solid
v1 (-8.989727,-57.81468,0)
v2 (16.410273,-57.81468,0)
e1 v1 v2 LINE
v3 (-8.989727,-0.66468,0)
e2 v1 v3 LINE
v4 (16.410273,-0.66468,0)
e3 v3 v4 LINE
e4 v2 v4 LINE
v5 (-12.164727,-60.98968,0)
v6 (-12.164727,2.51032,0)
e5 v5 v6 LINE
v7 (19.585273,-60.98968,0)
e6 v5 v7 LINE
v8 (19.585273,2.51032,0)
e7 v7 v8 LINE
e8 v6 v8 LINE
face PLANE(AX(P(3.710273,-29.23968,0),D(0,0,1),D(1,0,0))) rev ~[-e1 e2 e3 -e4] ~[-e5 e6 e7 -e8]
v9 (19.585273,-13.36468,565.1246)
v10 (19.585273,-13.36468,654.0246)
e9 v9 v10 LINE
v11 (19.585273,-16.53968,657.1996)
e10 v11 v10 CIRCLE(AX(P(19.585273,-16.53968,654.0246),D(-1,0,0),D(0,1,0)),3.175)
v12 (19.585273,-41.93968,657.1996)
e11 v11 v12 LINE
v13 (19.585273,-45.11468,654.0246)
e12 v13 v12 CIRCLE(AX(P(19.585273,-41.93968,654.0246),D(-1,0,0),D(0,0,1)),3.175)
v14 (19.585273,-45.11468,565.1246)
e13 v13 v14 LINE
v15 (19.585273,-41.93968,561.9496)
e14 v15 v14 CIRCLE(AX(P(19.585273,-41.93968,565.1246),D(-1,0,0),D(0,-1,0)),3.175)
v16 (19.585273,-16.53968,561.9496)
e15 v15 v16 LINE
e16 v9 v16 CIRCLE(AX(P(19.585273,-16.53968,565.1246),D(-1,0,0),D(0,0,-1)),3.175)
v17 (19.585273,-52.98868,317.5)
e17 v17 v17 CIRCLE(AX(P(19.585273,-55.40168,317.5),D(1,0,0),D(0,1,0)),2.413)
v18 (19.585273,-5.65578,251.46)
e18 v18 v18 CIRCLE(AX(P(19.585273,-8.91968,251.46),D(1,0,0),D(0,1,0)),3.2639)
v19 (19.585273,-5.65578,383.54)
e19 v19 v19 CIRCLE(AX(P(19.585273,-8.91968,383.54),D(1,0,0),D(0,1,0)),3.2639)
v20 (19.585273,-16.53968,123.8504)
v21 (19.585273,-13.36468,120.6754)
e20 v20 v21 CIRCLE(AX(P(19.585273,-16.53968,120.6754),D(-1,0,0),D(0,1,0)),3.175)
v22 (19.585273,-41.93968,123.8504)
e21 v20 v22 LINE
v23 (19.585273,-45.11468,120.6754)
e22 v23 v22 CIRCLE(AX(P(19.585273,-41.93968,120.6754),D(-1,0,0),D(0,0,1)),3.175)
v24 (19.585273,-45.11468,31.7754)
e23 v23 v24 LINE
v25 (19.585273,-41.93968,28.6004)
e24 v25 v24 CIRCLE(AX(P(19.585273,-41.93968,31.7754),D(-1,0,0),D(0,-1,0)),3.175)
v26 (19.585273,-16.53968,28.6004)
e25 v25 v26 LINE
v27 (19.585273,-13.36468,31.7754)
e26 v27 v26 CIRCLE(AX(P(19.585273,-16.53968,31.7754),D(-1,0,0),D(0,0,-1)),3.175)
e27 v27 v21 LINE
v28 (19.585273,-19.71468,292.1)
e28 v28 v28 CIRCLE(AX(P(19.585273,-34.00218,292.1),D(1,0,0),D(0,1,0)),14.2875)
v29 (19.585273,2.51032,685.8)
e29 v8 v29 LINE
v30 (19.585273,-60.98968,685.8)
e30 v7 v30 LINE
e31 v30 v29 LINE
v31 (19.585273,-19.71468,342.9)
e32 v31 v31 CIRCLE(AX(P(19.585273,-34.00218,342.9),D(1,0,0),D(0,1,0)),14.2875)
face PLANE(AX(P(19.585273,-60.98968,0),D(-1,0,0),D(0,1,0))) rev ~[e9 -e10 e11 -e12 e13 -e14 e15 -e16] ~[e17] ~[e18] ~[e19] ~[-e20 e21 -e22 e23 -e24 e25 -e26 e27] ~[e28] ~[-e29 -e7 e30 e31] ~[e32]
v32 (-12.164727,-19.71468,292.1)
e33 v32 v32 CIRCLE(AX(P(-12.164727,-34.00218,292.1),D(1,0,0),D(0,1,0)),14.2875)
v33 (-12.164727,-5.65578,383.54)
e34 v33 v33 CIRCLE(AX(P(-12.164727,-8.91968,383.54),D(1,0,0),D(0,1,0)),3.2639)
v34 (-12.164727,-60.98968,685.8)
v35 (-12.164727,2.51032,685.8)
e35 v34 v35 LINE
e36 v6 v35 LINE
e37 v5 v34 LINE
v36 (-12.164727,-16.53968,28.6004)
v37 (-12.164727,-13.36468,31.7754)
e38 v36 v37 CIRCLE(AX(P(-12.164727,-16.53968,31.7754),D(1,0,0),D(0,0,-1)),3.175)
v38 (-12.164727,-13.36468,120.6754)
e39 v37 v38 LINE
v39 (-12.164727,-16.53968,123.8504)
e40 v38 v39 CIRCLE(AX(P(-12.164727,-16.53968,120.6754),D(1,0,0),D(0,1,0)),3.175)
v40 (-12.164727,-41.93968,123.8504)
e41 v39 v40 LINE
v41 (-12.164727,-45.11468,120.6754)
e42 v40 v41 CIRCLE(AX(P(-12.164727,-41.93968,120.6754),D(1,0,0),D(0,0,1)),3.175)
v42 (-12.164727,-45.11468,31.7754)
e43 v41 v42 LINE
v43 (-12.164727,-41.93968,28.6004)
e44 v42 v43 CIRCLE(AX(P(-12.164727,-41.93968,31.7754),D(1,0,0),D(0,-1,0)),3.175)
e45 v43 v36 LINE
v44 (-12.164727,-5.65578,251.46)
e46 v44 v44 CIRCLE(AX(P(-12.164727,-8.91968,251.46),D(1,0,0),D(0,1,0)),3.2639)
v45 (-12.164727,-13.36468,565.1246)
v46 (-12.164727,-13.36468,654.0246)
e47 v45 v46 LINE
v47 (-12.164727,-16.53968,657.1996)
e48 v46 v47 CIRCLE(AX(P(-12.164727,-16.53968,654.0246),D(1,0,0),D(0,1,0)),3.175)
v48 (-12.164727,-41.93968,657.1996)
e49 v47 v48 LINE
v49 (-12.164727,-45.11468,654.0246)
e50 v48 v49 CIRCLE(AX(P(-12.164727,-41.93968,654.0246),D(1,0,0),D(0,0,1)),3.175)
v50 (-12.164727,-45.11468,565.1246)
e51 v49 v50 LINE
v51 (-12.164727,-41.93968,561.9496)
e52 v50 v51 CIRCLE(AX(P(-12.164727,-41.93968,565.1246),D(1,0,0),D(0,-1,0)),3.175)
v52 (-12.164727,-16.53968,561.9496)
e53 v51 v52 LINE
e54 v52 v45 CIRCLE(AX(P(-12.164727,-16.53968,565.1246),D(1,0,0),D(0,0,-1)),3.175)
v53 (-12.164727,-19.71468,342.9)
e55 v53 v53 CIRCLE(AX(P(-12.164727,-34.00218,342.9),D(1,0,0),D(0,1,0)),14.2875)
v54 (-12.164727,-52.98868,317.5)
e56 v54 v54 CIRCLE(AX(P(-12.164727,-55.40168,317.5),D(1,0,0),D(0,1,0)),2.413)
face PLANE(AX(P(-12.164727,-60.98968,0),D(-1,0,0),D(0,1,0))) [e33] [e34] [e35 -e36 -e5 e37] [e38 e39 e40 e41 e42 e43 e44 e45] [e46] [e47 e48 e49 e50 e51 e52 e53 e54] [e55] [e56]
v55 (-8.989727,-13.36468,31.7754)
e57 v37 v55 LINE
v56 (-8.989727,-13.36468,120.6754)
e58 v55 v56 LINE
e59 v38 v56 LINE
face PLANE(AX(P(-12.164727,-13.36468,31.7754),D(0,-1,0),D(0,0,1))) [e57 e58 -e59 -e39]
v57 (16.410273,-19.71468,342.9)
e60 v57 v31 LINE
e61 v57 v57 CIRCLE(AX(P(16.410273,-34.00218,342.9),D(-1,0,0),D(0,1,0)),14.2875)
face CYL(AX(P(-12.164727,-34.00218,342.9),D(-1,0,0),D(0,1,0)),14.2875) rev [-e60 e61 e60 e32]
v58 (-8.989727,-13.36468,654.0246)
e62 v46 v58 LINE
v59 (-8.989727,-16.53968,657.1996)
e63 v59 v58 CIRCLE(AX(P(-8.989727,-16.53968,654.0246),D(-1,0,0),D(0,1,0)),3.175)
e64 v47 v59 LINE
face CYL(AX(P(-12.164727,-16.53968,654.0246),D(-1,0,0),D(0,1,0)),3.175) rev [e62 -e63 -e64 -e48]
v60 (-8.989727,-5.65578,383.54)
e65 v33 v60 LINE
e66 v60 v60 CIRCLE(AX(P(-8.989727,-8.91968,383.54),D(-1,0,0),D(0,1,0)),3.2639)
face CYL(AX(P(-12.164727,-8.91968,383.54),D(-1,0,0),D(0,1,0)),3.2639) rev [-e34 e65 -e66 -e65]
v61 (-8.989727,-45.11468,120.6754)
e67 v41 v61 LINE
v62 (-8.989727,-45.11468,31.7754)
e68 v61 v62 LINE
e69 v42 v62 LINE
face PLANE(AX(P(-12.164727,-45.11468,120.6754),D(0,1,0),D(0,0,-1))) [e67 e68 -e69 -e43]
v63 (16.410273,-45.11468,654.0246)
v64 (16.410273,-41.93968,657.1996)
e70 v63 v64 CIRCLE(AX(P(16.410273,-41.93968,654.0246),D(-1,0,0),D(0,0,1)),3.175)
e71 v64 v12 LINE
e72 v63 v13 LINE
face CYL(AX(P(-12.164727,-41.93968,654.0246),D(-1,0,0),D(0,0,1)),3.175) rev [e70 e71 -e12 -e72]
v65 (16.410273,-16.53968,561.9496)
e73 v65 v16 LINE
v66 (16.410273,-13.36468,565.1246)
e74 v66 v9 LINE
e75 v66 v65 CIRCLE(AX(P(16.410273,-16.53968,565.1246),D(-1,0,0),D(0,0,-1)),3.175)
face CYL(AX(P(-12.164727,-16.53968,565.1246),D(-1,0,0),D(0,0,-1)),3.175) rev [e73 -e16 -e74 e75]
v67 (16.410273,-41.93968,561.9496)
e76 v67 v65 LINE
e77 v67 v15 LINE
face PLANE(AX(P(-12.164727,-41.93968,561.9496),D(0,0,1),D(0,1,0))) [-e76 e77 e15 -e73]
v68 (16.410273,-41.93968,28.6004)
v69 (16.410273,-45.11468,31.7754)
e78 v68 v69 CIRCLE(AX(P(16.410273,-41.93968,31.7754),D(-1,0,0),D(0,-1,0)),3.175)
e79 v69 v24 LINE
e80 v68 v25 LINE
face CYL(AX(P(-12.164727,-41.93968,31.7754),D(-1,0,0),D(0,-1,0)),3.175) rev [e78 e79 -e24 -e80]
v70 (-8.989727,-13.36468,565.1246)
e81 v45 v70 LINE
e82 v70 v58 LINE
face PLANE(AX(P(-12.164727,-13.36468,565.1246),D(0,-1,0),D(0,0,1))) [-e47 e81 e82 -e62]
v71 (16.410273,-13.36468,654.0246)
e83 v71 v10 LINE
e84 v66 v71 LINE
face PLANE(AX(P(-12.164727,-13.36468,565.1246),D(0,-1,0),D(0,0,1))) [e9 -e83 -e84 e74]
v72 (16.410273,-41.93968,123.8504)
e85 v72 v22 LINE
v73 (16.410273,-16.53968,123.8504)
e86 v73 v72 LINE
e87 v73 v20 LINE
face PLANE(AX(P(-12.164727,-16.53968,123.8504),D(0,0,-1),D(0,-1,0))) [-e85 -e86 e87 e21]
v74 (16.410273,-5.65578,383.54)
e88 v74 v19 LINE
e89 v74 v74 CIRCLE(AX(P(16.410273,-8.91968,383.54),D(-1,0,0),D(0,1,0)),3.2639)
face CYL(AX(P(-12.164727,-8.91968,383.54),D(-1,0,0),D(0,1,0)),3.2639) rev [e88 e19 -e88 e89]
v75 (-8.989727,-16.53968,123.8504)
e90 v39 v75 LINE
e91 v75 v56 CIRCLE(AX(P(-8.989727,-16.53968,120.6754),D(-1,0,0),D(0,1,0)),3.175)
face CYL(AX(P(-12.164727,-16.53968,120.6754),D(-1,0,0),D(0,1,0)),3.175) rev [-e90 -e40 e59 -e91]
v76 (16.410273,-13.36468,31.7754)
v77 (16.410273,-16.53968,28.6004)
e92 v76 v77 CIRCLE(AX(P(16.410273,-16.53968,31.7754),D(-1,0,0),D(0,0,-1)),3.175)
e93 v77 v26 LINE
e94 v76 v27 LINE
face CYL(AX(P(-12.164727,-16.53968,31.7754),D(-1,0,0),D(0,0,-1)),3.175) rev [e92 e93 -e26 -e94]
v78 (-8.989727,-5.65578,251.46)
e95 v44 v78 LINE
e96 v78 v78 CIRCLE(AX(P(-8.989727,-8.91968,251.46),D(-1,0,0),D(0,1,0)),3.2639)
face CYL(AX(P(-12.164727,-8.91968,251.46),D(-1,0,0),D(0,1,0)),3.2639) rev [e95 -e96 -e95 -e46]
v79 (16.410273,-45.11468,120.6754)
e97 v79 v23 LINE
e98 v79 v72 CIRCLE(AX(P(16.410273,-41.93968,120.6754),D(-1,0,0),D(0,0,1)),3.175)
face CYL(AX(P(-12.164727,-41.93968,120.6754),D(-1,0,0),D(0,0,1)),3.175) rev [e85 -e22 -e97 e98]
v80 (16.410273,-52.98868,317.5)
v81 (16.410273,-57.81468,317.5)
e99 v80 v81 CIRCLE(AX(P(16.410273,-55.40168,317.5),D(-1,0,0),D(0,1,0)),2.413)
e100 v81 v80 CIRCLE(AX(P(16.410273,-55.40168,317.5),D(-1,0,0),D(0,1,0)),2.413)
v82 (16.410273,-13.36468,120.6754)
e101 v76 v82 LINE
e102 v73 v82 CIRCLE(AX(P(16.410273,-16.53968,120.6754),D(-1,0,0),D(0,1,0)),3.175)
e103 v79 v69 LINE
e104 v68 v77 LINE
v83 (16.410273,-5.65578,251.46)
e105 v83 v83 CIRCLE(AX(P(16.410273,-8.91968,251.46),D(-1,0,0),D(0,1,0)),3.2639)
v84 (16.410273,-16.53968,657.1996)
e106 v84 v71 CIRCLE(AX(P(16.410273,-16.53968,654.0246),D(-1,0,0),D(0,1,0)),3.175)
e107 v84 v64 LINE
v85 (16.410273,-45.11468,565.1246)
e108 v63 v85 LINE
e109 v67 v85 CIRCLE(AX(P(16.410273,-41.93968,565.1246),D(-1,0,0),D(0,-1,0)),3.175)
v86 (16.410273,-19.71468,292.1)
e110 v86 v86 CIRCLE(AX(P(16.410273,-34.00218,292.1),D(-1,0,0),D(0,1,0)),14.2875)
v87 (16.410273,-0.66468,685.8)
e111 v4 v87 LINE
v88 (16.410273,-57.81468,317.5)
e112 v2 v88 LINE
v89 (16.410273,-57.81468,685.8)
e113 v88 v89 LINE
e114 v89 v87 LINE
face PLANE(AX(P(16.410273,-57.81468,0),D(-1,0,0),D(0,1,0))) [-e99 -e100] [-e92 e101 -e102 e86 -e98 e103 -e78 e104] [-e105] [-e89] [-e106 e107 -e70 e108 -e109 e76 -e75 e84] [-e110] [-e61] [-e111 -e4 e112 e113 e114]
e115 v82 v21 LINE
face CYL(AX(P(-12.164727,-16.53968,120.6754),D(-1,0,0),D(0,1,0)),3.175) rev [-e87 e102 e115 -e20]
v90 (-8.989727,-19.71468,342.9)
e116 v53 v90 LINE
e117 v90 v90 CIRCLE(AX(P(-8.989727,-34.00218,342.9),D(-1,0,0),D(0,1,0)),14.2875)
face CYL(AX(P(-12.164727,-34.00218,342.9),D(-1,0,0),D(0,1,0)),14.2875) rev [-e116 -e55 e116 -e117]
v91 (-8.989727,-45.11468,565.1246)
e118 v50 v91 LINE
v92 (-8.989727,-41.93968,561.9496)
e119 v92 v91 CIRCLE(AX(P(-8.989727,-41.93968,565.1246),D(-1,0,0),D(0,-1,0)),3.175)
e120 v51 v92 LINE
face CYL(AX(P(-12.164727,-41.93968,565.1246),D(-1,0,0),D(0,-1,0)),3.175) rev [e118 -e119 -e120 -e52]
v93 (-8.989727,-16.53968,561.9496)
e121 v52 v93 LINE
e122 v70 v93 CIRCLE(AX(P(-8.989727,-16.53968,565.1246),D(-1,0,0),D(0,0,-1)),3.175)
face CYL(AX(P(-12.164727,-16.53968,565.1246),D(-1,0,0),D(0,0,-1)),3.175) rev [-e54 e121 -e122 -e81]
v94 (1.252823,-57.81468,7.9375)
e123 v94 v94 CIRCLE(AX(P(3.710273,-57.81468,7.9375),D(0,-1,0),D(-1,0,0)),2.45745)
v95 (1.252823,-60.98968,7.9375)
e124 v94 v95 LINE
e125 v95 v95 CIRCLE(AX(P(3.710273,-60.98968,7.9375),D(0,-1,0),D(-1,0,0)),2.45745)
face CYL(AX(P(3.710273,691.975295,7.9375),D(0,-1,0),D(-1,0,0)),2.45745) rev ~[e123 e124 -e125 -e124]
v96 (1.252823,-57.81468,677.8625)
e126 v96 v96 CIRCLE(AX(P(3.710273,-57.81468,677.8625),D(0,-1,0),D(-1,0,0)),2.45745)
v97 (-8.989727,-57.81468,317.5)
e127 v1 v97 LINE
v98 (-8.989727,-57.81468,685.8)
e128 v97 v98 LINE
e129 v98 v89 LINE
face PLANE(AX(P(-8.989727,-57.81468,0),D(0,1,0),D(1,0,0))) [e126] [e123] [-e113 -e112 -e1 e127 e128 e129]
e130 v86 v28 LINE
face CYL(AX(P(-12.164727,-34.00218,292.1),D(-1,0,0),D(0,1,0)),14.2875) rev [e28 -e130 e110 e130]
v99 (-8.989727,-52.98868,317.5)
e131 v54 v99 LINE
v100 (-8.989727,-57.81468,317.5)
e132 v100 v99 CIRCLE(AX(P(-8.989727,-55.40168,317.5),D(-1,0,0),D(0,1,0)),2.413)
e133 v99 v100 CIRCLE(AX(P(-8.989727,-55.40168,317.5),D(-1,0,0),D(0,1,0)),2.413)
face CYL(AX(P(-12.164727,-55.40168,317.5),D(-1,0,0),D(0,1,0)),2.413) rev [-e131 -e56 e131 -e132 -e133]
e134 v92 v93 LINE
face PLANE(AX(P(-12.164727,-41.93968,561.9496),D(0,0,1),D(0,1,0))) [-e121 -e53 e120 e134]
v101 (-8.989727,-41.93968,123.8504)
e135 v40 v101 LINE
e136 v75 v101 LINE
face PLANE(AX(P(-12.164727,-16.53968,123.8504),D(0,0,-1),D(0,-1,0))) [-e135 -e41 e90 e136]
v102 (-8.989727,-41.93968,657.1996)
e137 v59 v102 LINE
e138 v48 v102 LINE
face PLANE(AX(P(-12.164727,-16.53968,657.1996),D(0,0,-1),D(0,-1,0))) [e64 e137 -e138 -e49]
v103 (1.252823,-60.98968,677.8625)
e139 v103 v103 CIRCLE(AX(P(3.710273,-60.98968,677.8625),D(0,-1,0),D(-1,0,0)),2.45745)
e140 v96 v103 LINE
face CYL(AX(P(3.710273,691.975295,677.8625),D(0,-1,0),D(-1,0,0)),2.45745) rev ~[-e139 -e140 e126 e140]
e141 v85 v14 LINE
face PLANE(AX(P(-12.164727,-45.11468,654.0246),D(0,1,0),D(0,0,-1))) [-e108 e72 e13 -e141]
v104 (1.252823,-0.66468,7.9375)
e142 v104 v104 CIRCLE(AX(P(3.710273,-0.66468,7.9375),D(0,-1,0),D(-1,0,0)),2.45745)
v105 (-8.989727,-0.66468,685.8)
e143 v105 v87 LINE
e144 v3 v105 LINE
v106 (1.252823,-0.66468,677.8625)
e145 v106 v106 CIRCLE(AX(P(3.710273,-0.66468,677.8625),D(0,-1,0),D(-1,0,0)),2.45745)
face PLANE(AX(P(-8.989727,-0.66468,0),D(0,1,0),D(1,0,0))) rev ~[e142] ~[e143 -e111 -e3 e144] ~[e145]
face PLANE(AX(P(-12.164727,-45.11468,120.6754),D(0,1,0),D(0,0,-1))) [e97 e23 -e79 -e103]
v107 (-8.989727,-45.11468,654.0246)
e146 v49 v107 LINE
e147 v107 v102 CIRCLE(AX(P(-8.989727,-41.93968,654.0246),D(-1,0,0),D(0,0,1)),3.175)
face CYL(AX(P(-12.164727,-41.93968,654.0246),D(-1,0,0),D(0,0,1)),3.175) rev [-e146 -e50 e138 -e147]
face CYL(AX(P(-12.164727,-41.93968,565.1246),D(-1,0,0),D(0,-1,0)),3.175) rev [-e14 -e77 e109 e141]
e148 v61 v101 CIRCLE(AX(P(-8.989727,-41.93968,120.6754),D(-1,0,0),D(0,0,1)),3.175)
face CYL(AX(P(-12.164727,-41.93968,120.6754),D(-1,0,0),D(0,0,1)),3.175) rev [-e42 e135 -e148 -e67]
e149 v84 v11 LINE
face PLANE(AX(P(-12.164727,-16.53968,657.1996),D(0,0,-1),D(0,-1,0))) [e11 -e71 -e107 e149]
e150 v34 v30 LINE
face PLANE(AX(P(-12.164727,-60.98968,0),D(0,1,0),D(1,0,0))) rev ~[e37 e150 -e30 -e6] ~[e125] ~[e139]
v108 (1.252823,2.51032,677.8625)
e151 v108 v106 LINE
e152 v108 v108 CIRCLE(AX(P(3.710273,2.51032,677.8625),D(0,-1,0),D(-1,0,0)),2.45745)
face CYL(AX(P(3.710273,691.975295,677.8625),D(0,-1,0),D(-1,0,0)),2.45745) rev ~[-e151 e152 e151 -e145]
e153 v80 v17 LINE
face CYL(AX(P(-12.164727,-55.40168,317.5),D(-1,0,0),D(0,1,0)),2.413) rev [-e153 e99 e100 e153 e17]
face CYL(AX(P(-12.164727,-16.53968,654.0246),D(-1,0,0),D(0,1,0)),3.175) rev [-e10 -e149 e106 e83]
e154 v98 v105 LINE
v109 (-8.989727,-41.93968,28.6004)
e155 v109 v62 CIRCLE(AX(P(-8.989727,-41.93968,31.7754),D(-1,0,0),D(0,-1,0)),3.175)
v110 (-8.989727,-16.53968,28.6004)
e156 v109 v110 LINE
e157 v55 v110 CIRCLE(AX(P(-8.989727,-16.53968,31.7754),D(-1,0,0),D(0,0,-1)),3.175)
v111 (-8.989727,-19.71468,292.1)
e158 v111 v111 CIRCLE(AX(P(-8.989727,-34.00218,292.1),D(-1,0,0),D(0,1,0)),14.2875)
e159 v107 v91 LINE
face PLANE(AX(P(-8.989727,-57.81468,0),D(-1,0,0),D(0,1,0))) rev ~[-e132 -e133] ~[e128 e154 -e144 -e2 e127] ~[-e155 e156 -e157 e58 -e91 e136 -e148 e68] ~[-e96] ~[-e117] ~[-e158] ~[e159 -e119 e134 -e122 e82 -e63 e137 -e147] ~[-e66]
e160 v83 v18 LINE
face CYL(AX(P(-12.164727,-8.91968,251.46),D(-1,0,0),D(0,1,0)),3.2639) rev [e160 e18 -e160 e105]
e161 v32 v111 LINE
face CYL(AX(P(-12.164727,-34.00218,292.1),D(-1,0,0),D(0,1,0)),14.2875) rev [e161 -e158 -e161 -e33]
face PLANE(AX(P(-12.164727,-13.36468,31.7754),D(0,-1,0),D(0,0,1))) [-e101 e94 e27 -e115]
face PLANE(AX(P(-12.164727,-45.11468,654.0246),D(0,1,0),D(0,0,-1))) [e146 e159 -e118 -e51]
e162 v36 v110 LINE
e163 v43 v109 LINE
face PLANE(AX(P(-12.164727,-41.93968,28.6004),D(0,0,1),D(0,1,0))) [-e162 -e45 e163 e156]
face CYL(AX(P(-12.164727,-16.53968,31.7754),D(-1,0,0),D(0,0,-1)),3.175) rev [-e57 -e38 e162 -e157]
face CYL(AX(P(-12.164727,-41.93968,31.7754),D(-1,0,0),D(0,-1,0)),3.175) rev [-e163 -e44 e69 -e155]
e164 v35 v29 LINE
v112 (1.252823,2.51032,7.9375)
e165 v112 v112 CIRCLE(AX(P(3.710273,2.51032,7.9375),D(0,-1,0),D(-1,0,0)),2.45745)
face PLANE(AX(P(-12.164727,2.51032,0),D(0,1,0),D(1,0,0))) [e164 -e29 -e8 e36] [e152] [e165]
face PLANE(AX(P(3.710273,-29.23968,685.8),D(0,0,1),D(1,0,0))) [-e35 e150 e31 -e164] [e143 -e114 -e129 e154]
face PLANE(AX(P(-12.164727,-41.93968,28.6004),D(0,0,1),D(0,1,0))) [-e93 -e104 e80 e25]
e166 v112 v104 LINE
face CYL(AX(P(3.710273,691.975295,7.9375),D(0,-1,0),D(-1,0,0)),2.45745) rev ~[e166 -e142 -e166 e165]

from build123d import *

# Parameters (mm, degrees)
SKETCH1_W                    = 31.75
SKETCH1_H                    = 63.5
SKETCH1_W_2                  = 25.4
SKETCH1_H_2                  = 57.15
BOSS_EXTRUDE1_DEPTH          = 685.8
CUT_EXTRUDE1_REACH           = 691.238
F_10_0_1935_DIAMETER_HOLE1_D = 4.9149
CUT_EXTRUDE2_START           = -31.75
SKETCH6_R                    = 14.2875
SKETCH6_R_2                  = 3.2639
SKETCH6_R_3                  = 2.413
CUT_EXTRUDE2_DEPTH           = 31.75


with BuildPart() as part:
    # Sketch1 → Boss-Extrude1 (new body)
    with BuildSketch(Plane.XY):
        with Locations((3.710272719, -29.23968021)):
            Rectangle(SKETCH1_W, SKETCH1_H)
        with Locations((3.710272719, -29.23968021)):
            Rectangle(SKETCH1_W_2, SKETCH1_H_2, mode=Mode.SUBTRACT)
    extrude(amount=BOSS_EXTRUDE1_DEPTH)

    # Cut-Extrude1: up to this face of the body (flat: up to its plane)
    cut_extrude1_end = Plane(part.part.faces().sort_by_distance((19.585272719, -29.23968021, 342.9))[0])
    # Sketch3 → Cut-Extrude1 (cut, up to the picked face)
    with BuildSketch(Plane.ZY.offset(12.164727281), mode=Mode.PRIVATE) as cut_extrude1_sk1:
        with BuildLine():
            Line((31.7754, -13.36468021), (120.6754, -13.36468021))
            ThreePointArc((120.6754, -13.36468021), (122.92046403, -14.294616179), (123.8504, -16.53968021))
            Line((123.8504, -16.53968021), (123.8504, -41.93968021))
            ThreePointArc((123.8504, -41.93968021), (122.92046403, -44.18474424), (120.6754, -45.11468021))
            Line((120.6754, -45.11468021), (31.7754, -45.11468021))
            ThreePointArc((31.7754, -45.11468021), (29.53033597, -44.18474424), (28.6004, -41.93968021))
            Line((28.6004, -41.93968021), (28.6004, -16.53968021))
            ThreePointArc((28.6004, -16.53968021), (29.53033597, -14.294616179), (31.7754, -13.36468021))
        make_face()
    cut_extrude1_tool1 = split(extrude(cut_extrude1_sk1.sketch, amount=-CUT_EXTRUDE1_REACH, mode=Mode.PRIVATE), bisect_by=cut_extrude1_end, keep=Keep.BOTH, mode=Mode.PRIVATE)
    # Sketch3 → Cut-Extrude1 (cut, up to the picked face)
    with BuildSketch(Plane.ZY.offset(12.164727281), mode=Mode.PRIVATE) as cut_extrude1_sk2:
        with BuildLine():
            ThreePointArc((657.1996, -41.93968021), (656.26966403, -44.18474424), (654.0246, -45.11468021))
            Line((654.0246, -45.11468021), (565.1246, -45.11468021))
            ThreePointArc((565.1246, -45.11468021), (562.87953597, -44.18474424), (561.9496, -41.93968021))
            Line((561.9496, -41.93968021), (561.9496, -16.53968021))
            ThreePointArc((561.9496, -16.53968021), (562.87953597, -14.294616179), (565.1246, -13.36468021))
            Line((565.1246, -13.36468021), (654.0246, -13.36468021))
            ThreePointArc((654.0246, -13.36468021), (656.26966403, -14.294616179), (657.1996, -16.53968021))
            Line((657.1996, -16.53968021), (657.1996, -41.93968021))
        make_face()
    cut_extrude1_tool2 = split(extrude(cut_extrude1_sk2.sketch, amount=-CUT_EXTRUDE1_REACH, mode=Mode.PRIVATE), bisect_by=cut_extrude1_end, keep=Keep.BOTH, mode=Mode.PRIVATE)
    add(cut_extrude1_tool1.solids().sort_by(Axis((-12.164727, -29.23968, 76.2254), (1, 0, 0)))[0], mode=Mode.SUBTRACT)
    add(cut_extrude1_tool2.solids().sort_by(Axis((-12.164727, -29.23968, 609.5746), (1, 0, 0)))[0], mode=Mode.SUBTRACT)

    # #10 (0.1935) Diameter Hole1 (through all)
    with Locations(Plane(origin=(3.710272719, 2.51031979, 677.8625), x_dir=(1, 0, 0), z_dir=(0, 1, 0))):
        with Locations((0, 0), (0, 669.925)):
            Hole(F_10_0_1935_DIAMETER_HOLE1_D / 2)

    # Sketch6 → Cut-Extrude2 (cut)
    with BuildSketch(Plane(origin=(19.585272719, 0, 0), x_dir=(0, 0, -1), z_dir=(1, 0, 0)).offset(CUT_EXTRUDE2_START)):
        with Locations(Location((-342.9, -34.00218021, 0), (0, 0, 90))):
            Circle(SKETCH6_R)
        with Locations(Location((-383.54, -8.91968021, 0), (0, 0, 90))):
            Circle(SKETCH6_R_2)
        with Locations(Location((-251.46, -8.91968021, 0), (0, 0, 90))):
            Circle(SKETCH6_R_2)
        with Locations(Location((-317.5, -55.40168021, 0), (0, 0, 90))):
            Circle(SKETCH6_R_3)
        with Locations(Location((-292.1, -34.00218021, 0), (0, 0, 90))):
            Circle(SKETCH6_R)
    extrude(amount=CUT_EXTRUDE2_DEPTH, mode=Mode.SUBTRACT)


solid = part.part
